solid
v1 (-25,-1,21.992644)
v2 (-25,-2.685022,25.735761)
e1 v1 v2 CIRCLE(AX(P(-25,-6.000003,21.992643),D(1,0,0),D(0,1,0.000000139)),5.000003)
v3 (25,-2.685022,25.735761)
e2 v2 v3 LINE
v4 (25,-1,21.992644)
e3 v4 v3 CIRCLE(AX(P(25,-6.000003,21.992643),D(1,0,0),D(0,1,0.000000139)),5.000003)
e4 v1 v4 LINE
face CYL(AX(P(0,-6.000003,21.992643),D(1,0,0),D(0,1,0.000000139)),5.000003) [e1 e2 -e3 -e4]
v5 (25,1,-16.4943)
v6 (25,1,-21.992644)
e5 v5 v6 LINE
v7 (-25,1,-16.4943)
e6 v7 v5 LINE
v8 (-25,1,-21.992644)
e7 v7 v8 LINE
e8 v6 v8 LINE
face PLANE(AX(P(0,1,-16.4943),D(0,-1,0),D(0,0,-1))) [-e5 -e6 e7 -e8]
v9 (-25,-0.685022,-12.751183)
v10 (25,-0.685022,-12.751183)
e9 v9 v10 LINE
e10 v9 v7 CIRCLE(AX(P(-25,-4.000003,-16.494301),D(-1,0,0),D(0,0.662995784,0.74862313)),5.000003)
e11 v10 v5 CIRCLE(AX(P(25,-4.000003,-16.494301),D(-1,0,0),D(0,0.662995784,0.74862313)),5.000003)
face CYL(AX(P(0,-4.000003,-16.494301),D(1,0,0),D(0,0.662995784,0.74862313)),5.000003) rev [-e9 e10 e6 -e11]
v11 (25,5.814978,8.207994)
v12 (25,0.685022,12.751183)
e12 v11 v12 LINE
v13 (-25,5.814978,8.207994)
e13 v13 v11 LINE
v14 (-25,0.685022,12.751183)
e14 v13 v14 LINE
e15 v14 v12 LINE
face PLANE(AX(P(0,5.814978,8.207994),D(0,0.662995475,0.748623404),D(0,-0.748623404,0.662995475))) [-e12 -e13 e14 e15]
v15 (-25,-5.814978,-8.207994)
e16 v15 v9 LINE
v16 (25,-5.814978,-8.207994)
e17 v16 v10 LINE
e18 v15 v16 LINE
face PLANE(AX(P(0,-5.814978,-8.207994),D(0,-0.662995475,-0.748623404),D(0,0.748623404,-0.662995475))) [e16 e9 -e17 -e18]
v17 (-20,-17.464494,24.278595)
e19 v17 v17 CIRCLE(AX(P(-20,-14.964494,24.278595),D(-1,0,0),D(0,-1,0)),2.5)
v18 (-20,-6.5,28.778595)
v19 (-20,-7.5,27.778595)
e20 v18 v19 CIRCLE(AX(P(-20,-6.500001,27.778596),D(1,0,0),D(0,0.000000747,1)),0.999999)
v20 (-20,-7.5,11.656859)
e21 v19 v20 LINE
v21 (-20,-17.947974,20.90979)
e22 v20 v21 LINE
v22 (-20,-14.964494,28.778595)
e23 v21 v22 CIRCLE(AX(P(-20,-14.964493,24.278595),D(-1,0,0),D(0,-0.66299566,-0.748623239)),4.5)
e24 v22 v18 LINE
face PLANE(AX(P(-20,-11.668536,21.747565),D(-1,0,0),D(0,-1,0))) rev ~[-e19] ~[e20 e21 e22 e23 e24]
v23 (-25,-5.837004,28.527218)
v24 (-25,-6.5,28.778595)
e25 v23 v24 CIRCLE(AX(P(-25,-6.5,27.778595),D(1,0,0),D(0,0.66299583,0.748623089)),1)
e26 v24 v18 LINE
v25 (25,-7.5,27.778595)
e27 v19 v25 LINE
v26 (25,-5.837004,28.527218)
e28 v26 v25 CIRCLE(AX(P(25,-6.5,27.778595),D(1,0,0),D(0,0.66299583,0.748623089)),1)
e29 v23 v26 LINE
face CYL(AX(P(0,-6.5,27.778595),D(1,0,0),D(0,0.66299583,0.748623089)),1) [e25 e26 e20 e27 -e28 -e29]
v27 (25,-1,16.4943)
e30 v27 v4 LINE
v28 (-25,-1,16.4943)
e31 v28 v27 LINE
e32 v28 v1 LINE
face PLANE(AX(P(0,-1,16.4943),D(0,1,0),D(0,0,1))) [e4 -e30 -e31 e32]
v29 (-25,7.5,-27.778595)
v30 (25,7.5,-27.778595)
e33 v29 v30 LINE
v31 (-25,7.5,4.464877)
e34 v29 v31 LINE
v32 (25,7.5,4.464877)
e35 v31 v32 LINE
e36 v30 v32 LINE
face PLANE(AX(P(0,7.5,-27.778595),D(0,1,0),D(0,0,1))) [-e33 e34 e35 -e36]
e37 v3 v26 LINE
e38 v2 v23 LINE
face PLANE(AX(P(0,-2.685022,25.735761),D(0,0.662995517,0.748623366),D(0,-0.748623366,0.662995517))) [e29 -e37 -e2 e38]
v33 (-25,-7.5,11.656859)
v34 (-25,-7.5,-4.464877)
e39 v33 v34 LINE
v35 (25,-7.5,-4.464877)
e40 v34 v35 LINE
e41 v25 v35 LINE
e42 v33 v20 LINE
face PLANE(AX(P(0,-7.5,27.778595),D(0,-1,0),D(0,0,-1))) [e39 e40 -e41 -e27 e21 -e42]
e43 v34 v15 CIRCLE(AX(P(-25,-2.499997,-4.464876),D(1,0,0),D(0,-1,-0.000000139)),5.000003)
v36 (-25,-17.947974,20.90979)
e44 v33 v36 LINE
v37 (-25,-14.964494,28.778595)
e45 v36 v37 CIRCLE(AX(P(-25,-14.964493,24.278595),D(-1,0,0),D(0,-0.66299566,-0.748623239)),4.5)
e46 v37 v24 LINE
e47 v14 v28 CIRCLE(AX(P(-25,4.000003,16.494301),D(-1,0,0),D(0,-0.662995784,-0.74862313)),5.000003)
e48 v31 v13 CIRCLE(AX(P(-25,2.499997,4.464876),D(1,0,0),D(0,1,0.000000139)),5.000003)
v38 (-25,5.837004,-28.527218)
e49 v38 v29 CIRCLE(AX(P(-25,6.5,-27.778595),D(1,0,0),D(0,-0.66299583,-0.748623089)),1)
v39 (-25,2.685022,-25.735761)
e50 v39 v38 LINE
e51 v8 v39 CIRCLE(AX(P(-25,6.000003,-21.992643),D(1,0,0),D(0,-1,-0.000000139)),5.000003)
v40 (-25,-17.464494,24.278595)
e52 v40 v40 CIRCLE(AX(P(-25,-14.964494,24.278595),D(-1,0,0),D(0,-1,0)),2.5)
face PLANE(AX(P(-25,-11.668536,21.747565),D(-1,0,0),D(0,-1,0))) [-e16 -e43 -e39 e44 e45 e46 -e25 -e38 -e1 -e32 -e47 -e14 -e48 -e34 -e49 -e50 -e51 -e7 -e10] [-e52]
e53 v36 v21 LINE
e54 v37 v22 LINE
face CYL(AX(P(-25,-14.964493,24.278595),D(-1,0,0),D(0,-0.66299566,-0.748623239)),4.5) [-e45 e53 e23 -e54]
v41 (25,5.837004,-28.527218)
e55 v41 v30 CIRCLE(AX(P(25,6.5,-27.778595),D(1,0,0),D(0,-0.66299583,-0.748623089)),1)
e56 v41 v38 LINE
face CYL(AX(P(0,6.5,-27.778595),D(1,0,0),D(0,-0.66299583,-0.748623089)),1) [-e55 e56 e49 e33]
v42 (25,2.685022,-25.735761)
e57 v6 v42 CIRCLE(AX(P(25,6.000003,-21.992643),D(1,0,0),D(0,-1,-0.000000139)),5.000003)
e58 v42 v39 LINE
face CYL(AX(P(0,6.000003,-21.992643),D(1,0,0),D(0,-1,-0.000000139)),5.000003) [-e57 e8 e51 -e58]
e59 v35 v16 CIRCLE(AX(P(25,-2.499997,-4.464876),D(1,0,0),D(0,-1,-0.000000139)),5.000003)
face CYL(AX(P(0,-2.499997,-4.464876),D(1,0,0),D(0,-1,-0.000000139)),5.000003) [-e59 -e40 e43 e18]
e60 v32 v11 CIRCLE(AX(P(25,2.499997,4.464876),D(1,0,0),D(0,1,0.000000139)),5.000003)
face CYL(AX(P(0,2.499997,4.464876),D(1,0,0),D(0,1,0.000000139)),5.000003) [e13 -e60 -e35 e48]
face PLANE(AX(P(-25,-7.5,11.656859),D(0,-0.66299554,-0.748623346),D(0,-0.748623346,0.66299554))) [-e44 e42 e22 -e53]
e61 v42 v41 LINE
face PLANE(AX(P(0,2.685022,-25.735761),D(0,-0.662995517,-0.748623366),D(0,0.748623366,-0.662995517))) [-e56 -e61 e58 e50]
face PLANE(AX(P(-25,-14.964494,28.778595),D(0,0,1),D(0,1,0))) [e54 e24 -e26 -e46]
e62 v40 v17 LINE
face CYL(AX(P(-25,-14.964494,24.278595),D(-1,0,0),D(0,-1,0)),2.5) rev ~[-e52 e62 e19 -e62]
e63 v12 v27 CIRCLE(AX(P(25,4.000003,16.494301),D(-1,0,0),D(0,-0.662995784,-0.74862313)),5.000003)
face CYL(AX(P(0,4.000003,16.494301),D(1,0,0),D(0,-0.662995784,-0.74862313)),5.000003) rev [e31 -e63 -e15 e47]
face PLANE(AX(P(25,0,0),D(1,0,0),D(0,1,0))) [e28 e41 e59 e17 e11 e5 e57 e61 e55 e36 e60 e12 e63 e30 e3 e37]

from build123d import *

# Parameters (mm, degrees)
F1_DEPTH = 25
F2_R     = 2.5
F3_DEPTH = 5


with BuildPart() as f1:
    # F0 (on Right) → F1 (new body, symmetric)
    with BuildSketch(Plane.YZ):
        with BuildLine():
            ThreePointArc((5.837004, -28.527218), (6.91049, -28.69046), (7.5, -27.778595))
            Line((7.5, -27.778595), (7.5, 4.464877))
            ThreePointArc((7.5, 4.464877), (7.059325, 6.517328), (5.814978, 8.207994))
            Line((5.814978, 8.207994), (0.685022, 12.751183))
            ThreePointArc((0.685022, 12.751183), (-0.559325, 14.441849), (-1, 16.4943))
            Line((-1, 16.4943), (-1, 21.992644))
            ThreePointArc((-1, 21.992644), (-1.440675, 24.045095), (-2.685022, 25.735761))
            Line((-2.685022, 25.735761), (-5.837004, 28.527218))
            ThreePointArc((-5.837004, 28.527218), (-6.91049, 28.69046), (-7.5, 27.778595))
            Line((-7.5, 27.778595), (-7.5, -4.464877))
            ThreePointArc((-7.5, -4.464877), (-7.059325, -6.517328), (-5.814978, -8.207994))
            Line((-5.814978, -8.207994), (-0.685022, -12.751183))
            ThreePointArc((-0.685022, -12.751183), (0.559325, -14.441849), (1, -16.4943))
            Line((1, -16.4943), (1, -21.992644))
            ThreePointArc((1, -21.992644), (1.440675, -24.045095), (2.685022, -25.735761))
            Line((2.685022, -25.735761), (5.837004, -28.527218))
        make_face()
    extrude(amount=F1_DEPTH, both=True)

    # F2 (on face) → F3 (join)
    with BuildSketch(Plane(origin=(-25, 0, 0), x_dir=(0, -1, 0), z_dir=(-1, 0, 0))):
        with BuildLine():
            Line((7.5, 11.656859), (17.947974, 20.90979))
            ThreePointArc((17.947974, 20.90979), (19.172202, 25.87396), (14.964494, 28.778595))
            Line((14.964494, 28.778595), (6.5, 28.778595))
            ThreePointArc((6.5, 28.778595), (7.207107, 28.485702), (7.5, 27.778595))
            Line((7.5, 27.778595), (7.5, 11.656859))
        make_face()
        with Locations((14.964494, 24.278595)):
            Circle(F2_R, mode=Mode.SUBTRACT)
    extrude(amount=-F3_DEPTH)


solid = f1.part
